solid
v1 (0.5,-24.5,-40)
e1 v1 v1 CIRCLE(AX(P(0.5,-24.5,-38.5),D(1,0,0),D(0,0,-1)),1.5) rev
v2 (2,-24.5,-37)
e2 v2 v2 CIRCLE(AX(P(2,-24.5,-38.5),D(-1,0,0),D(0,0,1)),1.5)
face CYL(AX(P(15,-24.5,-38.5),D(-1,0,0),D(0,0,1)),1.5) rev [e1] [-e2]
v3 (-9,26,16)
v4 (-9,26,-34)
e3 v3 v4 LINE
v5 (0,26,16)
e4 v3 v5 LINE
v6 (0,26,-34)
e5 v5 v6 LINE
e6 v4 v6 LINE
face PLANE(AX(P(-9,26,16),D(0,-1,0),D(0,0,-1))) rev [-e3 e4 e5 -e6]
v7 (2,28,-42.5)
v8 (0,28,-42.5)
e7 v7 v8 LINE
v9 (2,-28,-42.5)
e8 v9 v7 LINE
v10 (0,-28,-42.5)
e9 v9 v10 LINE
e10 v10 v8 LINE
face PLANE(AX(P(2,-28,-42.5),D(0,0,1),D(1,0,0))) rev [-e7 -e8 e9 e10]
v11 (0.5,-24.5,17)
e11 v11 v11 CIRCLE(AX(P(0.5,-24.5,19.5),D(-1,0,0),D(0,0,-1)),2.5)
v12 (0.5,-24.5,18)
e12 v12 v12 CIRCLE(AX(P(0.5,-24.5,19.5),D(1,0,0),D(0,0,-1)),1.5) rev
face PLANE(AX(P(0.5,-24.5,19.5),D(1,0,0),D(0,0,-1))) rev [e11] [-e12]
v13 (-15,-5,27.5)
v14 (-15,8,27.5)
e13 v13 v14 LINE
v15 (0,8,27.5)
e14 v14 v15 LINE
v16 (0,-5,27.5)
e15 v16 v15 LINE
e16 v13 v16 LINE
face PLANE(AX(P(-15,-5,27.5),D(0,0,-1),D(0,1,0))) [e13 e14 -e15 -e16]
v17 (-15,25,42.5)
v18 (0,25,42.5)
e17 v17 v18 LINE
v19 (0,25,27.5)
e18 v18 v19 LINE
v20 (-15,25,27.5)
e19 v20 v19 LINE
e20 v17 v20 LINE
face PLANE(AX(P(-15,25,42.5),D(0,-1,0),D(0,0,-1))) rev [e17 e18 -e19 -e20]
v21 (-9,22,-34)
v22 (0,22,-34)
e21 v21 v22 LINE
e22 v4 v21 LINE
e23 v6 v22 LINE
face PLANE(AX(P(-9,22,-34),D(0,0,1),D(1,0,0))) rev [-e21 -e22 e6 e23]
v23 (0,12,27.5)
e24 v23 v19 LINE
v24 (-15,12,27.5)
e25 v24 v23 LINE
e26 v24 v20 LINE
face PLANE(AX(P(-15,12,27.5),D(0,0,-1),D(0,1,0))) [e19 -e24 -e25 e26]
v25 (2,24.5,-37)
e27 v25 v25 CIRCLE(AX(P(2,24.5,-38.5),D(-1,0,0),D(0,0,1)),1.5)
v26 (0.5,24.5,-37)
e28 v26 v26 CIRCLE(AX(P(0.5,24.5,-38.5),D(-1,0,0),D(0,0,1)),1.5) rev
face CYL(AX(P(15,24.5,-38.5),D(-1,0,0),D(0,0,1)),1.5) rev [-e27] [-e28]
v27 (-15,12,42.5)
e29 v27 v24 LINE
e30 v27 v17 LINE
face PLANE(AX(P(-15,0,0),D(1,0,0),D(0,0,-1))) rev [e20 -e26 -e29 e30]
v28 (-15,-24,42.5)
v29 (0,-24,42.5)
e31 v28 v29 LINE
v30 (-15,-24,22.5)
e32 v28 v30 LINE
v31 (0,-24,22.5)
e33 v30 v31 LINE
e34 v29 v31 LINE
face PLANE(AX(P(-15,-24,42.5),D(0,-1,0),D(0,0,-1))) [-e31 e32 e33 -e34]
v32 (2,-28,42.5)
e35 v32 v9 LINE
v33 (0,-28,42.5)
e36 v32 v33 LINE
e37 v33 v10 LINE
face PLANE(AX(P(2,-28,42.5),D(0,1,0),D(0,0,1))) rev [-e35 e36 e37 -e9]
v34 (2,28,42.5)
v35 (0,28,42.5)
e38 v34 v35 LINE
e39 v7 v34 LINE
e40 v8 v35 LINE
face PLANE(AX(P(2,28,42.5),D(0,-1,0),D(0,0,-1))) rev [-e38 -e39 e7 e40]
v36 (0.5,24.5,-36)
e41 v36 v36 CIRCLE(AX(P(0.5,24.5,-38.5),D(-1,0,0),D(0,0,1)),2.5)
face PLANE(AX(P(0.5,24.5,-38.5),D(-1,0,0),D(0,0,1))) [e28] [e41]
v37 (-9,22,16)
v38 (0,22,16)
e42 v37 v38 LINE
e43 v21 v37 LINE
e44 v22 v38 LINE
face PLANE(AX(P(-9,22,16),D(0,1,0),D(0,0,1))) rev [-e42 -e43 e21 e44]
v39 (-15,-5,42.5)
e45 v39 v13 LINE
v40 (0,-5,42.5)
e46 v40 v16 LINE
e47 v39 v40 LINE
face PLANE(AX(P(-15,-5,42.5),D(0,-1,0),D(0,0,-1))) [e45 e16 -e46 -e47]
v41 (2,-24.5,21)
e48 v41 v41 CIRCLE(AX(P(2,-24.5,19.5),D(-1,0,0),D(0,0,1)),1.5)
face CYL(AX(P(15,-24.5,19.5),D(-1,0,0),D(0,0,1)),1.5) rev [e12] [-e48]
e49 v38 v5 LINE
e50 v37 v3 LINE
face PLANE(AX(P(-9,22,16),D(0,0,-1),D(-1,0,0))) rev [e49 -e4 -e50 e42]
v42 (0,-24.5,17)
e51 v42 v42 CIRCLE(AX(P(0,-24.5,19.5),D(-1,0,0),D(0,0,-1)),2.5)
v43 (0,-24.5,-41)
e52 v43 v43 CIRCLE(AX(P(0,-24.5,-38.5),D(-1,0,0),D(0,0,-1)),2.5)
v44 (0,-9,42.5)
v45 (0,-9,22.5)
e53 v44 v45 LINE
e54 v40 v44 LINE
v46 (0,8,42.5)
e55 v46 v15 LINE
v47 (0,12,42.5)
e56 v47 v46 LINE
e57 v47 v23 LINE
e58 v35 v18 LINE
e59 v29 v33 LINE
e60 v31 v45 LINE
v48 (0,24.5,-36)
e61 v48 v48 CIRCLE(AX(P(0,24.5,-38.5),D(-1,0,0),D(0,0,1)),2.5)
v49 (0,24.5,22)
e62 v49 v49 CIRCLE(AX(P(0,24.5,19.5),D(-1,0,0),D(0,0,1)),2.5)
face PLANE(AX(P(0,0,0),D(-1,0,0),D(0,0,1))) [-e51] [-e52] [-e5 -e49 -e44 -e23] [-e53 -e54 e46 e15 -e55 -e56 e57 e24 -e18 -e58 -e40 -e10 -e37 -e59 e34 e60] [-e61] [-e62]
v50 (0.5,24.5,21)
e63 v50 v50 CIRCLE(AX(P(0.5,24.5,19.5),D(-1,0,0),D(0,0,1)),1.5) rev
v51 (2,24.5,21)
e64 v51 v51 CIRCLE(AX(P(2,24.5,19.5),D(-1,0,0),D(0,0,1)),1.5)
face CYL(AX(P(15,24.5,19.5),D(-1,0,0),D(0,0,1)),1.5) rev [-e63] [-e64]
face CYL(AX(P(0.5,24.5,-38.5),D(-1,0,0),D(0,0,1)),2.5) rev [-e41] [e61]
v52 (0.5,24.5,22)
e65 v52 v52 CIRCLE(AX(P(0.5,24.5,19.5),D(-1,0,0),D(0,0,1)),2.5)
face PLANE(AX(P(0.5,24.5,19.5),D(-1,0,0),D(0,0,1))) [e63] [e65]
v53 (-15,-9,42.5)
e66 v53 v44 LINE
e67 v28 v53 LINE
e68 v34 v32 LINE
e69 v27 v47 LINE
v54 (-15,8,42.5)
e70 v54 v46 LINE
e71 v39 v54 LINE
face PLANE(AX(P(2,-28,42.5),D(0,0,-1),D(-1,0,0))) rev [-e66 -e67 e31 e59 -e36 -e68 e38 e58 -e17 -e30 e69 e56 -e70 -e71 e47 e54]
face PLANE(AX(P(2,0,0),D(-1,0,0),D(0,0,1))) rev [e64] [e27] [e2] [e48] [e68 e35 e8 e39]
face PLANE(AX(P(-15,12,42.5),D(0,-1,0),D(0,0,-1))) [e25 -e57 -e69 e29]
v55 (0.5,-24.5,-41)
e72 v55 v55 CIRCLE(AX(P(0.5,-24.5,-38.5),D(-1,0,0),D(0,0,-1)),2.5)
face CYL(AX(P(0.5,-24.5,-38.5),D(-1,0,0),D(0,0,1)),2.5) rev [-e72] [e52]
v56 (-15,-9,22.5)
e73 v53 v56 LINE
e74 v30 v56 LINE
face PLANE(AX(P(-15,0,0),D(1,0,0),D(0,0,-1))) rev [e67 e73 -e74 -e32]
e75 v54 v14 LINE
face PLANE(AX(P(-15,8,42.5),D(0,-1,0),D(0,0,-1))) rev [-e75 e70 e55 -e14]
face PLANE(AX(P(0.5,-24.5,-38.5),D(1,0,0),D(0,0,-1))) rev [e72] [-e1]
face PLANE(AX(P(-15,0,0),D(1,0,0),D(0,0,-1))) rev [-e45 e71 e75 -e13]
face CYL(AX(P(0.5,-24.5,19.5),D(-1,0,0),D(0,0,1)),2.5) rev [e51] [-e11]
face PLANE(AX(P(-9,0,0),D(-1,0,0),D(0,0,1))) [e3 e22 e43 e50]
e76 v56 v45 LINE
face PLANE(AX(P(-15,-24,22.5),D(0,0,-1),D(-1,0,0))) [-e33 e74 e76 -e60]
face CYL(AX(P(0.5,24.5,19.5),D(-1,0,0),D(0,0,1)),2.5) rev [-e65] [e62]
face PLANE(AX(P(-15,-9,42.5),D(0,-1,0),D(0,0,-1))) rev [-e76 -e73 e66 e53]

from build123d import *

# Parameters (mm, degrees)
ESQUISSE1_W             = 85
ESQUISSE1_H             = 56
BOSS_EXTRU_1_DEPTH      = 2
ESQUISSE2_W             = 20
ESQUISSE2_H             = 15
ESQUISSE2_W_2           = 15
ESQUISSE2_H_2           = 13
BOSS_EXTRU_2_DEPTH      = 15
ESQUISSE3_R             = 1.5
ENL_V_MAT_EXTRU_1_DEPTH = 15
ESQUISSE5_R             = 2.5
ENL_V_MAT_EXTRU_2_DEPTH = 0.5
ESQUISSE6_W             = 50
ESQUISSE6_H             = 4
BOSS_EXTRU_3_DEPTH      = 9


with BuildPart() as part:
    # Esquisse1 → Boss.-Extru.1 (new body)
    with BuildSketch(Plane(origin=(0, 0, 0), x_dir=(0, 0, -1), z_dir=(1, 0, 0))):
        Rectangle(ESQUISSE1_W, ESQUISSE1_H)
    extrude(amount=BOSS_EXTRU_1_DEPTH)

    # Esquisse2 → Boss.-Extru.2 (add)
    with BuildSketch(Plane.ZY):
        with Locations((32.5, -16.5)):
            Rectangle(ESQUISSE2_W, ESQUISSE2_H)
        with Locations((35, 1.5)):
            Rectangle(ESQUISSE2_W_2, ESQUISSE2_H_2)
        with Locations((35, 18.5)):
            Rectangle(ESQUISSE2_W_2, ESQUISSE2_H_2)
    extrude(amount=BOSS_EXTRU_2_DEPTH)

    # Esquisse3 → Enlèv. mat.-Extru.1 (cut)
    with BuildSketch(Plane.ZY):
        with Locations((-38.5, 24.5)):
            Circle(ESQUISSE3_R)
        with Locations((19.5, 24.5)):
            Circle(ESQUISSE3_R)
        with Locations((-38.5, -24.5)):
            Circle(ESQUISSE3_R)
        with Locations((19.5, -24.5)):
            Circle(ESQUISSE3_R)
    extrude(amount=-ENL_V_MAT_EXTRU_1_DEPTH, mode=Mode.SUBTRACT)

    # Esquisse5 → Enlèv. mat.-Extru.2 (cut)
    with BuildSketch(Plane.ZY):
        with Locations((19.5, 24.5)):
            Circle(ESQUISSE5_R)
        with Locations((-38.5, 24.5)):
            Circle(ESQUISSE5_R)
        with Locations(Location((-38.5, -24.5, 0), (0, 0, 180))):
            Circle(ESQUISSE5_R)
        with Locations(Location((19.5, -24.5, 0), (0, 0, 180))):
            Circle(ESQUISSE5_R)
    extrude(amount=-ENL_V_MAT_EXTRU_2_DEPTH, mode=Mode.SUBTRACT)

    # Esquisse6 → Boss.-Extru.3 (add)
    with BuildSketch(Plane.ZY):
        with Locations((-9, 24)):
            Rectangle(ESQUISSE6_W, ESQUISSE6_H)
    extrude(amount=BOSS_EXTRU_3_DEPTH)


solid = part.part
